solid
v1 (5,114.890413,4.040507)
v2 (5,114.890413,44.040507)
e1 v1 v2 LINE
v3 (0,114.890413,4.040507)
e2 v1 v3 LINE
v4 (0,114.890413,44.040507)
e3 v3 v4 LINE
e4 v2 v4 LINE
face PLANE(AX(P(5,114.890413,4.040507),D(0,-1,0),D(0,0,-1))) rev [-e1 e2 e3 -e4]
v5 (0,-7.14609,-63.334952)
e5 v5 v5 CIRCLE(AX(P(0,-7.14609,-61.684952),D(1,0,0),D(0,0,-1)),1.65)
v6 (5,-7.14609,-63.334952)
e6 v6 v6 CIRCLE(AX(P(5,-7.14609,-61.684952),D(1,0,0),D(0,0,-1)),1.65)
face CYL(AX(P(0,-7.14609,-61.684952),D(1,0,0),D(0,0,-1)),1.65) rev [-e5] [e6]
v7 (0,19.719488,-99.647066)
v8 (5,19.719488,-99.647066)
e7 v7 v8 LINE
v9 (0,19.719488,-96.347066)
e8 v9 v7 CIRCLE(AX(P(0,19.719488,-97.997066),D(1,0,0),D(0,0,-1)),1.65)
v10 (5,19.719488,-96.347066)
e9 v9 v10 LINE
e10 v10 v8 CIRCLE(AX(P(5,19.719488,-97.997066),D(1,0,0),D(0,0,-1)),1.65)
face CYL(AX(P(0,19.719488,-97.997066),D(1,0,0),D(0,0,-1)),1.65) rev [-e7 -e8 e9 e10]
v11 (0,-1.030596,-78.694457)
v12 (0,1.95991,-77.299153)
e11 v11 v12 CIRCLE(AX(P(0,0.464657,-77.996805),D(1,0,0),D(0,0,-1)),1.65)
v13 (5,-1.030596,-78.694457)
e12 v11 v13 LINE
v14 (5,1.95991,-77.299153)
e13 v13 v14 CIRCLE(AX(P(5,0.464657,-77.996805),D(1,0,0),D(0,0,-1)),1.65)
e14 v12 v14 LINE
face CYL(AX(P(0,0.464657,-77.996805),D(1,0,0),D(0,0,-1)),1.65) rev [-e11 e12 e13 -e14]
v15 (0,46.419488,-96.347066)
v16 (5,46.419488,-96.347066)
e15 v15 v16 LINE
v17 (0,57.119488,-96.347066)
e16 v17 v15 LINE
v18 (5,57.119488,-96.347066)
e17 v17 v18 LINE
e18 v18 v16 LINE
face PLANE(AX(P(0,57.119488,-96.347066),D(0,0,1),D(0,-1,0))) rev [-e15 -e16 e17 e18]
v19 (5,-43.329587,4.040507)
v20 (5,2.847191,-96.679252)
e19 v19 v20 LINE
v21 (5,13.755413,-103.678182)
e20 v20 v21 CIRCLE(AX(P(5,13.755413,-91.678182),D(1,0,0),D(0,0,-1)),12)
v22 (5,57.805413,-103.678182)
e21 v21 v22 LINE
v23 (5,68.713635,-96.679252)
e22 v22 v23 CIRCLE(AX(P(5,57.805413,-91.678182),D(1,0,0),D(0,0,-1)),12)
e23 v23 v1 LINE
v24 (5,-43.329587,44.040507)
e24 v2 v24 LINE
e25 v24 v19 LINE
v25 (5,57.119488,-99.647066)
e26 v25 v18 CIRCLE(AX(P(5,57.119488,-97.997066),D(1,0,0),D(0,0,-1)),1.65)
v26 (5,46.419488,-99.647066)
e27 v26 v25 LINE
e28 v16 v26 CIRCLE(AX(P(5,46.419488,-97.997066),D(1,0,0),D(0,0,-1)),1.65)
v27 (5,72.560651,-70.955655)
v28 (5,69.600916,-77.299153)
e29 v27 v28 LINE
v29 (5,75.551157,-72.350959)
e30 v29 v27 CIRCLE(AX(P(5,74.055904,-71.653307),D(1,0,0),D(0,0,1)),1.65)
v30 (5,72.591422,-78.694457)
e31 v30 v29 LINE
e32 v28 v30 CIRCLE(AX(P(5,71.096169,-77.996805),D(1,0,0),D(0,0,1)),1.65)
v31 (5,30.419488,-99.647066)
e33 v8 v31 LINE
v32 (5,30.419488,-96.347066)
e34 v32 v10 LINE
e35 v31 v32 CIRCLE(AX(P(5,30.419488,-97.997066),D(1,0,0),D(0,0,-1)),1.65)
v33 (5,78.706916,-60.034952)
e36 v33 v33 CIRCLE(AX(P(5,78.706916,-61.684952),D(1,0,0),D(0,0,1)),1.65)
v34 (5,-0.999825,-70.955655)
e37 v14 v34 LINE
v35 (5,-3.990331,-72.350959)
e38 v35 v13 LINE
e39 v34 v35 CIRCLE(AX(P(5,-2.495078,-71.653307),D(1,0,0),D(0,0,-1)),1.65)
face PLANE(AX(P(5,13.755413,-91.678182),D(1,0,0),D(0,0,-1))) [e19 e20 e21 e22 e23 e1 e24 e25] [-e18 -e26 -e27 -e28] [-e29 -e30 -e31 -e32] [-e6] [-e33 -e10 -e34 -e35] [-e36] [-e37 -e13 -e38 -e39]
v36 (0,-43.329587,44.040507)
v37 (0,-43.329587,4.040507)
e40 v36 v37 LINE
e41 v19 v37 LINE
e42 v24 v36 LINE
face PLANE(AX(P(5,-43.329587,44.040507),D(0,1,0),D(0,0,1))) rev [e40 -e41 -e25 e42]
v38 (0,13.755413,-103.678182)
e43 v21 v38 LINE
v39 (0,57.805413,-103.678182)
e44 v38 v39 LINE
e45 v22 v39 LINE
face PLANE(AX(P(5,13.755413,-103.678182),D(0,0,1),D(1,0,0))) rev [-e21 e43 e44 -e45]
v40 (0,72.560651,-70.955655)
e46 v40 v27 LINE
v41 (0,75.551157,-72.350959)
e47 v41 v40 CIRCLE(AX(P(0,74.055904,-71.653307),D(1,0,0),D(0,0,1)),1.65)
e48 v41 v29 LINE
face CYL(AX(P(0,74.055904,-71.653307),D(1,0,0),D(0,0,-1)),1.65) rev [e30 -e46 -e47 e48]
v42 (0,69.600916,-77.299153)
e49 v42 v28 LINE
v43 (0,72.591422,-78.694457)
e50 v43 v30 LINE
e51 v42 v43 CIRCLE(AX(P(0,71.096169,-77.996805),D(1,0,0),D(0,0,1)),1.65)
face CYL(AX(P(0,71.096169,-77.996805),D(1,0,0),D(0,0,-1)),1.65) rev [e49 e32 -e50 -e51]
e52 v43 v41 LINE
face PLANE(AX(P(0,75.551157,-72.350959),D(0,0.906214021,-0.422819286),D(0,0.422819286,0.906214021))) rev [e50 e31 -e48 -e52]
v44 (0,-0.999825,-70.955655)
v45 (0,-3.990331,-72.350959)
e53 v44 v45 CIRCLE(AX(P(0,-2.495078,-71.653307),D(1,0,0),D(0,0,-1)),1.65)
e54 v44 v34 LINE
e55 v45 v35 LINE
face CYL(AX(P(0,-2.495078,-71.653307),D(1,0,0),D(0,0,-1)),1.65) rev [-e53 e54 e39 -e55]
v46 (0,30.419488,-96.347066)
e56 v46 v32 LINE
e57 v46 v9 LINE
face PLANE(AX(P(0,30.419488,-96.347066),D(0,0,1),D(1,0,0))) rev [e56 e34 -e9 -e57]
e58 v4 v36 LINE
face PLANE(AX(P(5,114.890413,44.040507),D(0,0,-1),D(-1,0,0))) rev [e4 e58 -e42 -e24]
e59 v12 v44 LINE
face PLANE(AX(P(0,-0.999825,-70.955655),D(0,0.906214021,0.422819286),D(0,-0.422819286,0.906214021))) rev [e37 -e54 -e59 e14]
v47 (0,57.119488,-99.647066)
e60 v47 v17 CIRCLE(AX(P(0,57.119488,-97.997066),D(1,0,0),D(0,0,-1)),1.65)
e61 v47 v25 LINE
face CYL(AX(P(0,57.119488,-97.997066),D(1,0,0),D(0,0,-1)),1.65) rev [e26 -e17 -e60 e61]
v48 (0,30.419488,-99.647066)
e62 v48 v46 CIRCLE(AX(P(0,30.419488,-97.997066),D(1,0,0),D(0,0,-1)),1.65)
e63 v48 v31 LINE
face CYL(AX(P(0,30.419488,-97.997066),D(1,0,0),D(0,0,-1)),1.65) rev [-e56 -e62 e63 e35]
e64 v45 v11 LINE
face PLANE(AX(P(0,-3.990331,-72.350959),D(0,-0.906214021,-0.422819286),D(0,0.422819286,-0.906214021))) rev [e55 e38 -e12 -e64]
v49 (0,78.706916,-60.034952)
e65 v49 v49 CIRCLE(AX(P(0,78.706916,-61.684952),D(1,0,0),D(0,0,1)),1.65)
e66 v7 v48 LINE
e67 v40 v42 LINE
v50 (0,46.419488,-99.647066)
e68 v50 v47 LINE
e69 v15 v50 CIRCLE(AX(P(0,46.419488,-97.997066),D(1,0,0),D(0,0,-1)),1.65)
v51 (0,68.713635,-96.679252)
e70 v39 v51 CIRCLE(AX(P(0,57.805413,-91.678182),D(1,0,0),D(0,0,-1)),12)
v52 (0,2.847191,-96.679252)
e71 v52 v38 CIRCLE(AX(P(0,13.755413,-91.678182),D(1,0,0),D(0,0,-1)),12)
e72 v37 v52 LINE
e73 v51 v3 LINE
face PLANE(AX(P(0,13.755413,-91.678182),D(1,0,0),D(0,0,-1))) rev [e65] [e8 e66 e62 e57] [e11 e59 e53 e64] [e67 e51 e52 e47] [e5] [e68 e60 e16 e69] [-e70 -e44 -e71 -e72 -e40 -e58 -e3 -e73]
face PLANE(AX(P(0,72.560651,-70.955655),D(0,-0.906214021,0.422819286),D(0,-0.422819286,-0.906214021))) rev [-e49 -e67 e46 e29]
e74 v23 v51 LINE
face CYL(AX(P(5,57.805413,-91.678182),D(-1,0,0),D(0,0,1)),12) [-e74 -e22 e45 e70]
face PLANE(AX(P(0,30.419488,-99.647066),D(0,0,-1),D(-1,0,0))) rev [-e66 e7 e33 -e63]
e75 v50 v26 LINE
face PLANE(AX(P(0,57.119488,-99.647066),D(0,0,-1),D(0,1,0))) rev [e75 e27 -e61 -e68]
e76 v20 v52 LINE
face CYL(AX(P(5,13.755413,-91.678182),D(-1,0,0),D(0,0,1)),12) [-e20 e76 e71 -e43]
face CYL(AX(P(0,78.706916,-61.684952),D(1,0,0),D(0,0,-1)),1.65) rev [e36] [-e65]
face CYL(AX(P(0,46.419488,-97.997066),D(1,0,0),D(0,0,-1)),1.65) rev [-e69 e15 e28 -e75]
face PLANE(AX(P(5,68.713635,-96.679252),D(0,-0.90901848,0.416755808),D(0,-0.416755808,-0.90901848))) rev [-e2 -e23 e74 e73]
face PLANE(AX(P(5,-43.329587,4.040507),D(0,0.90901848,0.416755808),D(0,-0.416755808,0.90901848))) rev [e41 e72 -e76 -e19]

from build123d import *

# Parameters (mm, degrees)
BOSS_EXTRUDE1_DEPTH = 5
SKETCH4_R           = 1.65
CUT_EXTRUDE1_DEPTH  = 5


with BuildPart() as part:
    # Sketch1 → Boss-Extrude1 (new body)
    with BuildSketch(Plane(origin=(0, 0, 0), x_dir=(0, 0, -1), z_dir=(1, 0, 0))):
        with BuildLine():
            Line((-44.040507459, 114.890413128), (-44.040507459, -43.329586872))
            Line((-44.040507459, -43.329586872), (-4.040507459, -43.329586872))
            Line((-4.040507459, -43.329586872), (96.679252091, 2.847191371))
            ThreePointArc((96.679252091, 2.847191371), (101.778005077, 7.275167621), (103.678182397, 13.755413128))
            Line((103.678182397, 13.755413128), (103.678182397, 57.805413128))
            ThreePointArc((103.678182397, 57.805413128), (101.778005077, 64.285658635), (96.679252091, 68.713634886))
            Line((96.679252091, 68.713634886), (-4.040507459, 114.890413128))
            Line((-4.040507459, 114.890413128), (-44.040507459, 114.890413128))
        make_face()
    extrude(amount=BOSS_EXTRUDE1_DEPTH)

    # Sketch4 → Cut-Extrude1 (cut)
    with BuildSketch(Plane(origin=(5, 0, 0), x_dir=(0, 0, -1), z_dir=(1, 0, 0))):
        with Locations((61.684952492, -7.146090177)):
            Circle(SKETCH4_R)
        with Locations(Location((61.684952492, 78.706916433, 0), (0, 0, 180))):
            Circle(SKETCH4_R)
        with BuildLine():
            Line((99.647066235, 57.119488088), (99.647066235, 46.419488088))
            ThreePointArc((99.647066235, 46.419488088), (97.997066235, 44.769488088), (96.347066235, 46.419488088))
            Line((96.347066235, 46.419488088), (96.347066235, 57.119488088))
            ThreePointArc((96.347066235, 57.119488088), (97.997066235, 58.769488088), (99.647066235, 57.119488088))
        make_face()
        with BuildLine():
            Line((99.647066235, 30.419488088), (99.647066235, 19.719488088))
            ThreePointArc((99.647066235, 19.719488088), (97.997066235, 18.069488088), (96.347066235, 19.719488088))
            Line((96.347066235, 19.719488088), (96.347066235, 30.419488088))
            ThreePointArc((96.347066235, 30.419488088), (97.997066235, 32.069488088), (99.647066235, 30.419488088))
        make_face()
        with BuildLine():
            Line((70.955654901, -0.999824899), (77.299153047, 1.959910101))
            ThreePointArc((77.299153047, 1.959910101), (79.492058003, 1.162308788), (78.69445669, -1.030596168))
            Line((78.69445669, -1.030596168), (72.350958543, -3.990331168))
            ThreePointArc((72.350958543, -3.990331168), (70.158053588, -3.192729855), (70.955654901, -0.999824899))
        make_face()
        with BuildLine():
            Line((70.955654901, 72.560651156), (77.299153047, 69.600916156))
            ThreePointArc((77.299153047, 69.600916156), (79.492058003, 70.398517469), (78.69445669, 72.591422424))
            Line((78.69445669, 72.591422424), (72.350958543, 75.551157424))
            ThreePointArc((72.350958543, 75.551157424), (70.158053588, 74.753556111), (70.955654901, 72.560651156))
        make_face()
    extrude(amount=-CUT_EXTRUDE1_DEPTH, mode=Mode.SUBTRACT)


solid = part.part
